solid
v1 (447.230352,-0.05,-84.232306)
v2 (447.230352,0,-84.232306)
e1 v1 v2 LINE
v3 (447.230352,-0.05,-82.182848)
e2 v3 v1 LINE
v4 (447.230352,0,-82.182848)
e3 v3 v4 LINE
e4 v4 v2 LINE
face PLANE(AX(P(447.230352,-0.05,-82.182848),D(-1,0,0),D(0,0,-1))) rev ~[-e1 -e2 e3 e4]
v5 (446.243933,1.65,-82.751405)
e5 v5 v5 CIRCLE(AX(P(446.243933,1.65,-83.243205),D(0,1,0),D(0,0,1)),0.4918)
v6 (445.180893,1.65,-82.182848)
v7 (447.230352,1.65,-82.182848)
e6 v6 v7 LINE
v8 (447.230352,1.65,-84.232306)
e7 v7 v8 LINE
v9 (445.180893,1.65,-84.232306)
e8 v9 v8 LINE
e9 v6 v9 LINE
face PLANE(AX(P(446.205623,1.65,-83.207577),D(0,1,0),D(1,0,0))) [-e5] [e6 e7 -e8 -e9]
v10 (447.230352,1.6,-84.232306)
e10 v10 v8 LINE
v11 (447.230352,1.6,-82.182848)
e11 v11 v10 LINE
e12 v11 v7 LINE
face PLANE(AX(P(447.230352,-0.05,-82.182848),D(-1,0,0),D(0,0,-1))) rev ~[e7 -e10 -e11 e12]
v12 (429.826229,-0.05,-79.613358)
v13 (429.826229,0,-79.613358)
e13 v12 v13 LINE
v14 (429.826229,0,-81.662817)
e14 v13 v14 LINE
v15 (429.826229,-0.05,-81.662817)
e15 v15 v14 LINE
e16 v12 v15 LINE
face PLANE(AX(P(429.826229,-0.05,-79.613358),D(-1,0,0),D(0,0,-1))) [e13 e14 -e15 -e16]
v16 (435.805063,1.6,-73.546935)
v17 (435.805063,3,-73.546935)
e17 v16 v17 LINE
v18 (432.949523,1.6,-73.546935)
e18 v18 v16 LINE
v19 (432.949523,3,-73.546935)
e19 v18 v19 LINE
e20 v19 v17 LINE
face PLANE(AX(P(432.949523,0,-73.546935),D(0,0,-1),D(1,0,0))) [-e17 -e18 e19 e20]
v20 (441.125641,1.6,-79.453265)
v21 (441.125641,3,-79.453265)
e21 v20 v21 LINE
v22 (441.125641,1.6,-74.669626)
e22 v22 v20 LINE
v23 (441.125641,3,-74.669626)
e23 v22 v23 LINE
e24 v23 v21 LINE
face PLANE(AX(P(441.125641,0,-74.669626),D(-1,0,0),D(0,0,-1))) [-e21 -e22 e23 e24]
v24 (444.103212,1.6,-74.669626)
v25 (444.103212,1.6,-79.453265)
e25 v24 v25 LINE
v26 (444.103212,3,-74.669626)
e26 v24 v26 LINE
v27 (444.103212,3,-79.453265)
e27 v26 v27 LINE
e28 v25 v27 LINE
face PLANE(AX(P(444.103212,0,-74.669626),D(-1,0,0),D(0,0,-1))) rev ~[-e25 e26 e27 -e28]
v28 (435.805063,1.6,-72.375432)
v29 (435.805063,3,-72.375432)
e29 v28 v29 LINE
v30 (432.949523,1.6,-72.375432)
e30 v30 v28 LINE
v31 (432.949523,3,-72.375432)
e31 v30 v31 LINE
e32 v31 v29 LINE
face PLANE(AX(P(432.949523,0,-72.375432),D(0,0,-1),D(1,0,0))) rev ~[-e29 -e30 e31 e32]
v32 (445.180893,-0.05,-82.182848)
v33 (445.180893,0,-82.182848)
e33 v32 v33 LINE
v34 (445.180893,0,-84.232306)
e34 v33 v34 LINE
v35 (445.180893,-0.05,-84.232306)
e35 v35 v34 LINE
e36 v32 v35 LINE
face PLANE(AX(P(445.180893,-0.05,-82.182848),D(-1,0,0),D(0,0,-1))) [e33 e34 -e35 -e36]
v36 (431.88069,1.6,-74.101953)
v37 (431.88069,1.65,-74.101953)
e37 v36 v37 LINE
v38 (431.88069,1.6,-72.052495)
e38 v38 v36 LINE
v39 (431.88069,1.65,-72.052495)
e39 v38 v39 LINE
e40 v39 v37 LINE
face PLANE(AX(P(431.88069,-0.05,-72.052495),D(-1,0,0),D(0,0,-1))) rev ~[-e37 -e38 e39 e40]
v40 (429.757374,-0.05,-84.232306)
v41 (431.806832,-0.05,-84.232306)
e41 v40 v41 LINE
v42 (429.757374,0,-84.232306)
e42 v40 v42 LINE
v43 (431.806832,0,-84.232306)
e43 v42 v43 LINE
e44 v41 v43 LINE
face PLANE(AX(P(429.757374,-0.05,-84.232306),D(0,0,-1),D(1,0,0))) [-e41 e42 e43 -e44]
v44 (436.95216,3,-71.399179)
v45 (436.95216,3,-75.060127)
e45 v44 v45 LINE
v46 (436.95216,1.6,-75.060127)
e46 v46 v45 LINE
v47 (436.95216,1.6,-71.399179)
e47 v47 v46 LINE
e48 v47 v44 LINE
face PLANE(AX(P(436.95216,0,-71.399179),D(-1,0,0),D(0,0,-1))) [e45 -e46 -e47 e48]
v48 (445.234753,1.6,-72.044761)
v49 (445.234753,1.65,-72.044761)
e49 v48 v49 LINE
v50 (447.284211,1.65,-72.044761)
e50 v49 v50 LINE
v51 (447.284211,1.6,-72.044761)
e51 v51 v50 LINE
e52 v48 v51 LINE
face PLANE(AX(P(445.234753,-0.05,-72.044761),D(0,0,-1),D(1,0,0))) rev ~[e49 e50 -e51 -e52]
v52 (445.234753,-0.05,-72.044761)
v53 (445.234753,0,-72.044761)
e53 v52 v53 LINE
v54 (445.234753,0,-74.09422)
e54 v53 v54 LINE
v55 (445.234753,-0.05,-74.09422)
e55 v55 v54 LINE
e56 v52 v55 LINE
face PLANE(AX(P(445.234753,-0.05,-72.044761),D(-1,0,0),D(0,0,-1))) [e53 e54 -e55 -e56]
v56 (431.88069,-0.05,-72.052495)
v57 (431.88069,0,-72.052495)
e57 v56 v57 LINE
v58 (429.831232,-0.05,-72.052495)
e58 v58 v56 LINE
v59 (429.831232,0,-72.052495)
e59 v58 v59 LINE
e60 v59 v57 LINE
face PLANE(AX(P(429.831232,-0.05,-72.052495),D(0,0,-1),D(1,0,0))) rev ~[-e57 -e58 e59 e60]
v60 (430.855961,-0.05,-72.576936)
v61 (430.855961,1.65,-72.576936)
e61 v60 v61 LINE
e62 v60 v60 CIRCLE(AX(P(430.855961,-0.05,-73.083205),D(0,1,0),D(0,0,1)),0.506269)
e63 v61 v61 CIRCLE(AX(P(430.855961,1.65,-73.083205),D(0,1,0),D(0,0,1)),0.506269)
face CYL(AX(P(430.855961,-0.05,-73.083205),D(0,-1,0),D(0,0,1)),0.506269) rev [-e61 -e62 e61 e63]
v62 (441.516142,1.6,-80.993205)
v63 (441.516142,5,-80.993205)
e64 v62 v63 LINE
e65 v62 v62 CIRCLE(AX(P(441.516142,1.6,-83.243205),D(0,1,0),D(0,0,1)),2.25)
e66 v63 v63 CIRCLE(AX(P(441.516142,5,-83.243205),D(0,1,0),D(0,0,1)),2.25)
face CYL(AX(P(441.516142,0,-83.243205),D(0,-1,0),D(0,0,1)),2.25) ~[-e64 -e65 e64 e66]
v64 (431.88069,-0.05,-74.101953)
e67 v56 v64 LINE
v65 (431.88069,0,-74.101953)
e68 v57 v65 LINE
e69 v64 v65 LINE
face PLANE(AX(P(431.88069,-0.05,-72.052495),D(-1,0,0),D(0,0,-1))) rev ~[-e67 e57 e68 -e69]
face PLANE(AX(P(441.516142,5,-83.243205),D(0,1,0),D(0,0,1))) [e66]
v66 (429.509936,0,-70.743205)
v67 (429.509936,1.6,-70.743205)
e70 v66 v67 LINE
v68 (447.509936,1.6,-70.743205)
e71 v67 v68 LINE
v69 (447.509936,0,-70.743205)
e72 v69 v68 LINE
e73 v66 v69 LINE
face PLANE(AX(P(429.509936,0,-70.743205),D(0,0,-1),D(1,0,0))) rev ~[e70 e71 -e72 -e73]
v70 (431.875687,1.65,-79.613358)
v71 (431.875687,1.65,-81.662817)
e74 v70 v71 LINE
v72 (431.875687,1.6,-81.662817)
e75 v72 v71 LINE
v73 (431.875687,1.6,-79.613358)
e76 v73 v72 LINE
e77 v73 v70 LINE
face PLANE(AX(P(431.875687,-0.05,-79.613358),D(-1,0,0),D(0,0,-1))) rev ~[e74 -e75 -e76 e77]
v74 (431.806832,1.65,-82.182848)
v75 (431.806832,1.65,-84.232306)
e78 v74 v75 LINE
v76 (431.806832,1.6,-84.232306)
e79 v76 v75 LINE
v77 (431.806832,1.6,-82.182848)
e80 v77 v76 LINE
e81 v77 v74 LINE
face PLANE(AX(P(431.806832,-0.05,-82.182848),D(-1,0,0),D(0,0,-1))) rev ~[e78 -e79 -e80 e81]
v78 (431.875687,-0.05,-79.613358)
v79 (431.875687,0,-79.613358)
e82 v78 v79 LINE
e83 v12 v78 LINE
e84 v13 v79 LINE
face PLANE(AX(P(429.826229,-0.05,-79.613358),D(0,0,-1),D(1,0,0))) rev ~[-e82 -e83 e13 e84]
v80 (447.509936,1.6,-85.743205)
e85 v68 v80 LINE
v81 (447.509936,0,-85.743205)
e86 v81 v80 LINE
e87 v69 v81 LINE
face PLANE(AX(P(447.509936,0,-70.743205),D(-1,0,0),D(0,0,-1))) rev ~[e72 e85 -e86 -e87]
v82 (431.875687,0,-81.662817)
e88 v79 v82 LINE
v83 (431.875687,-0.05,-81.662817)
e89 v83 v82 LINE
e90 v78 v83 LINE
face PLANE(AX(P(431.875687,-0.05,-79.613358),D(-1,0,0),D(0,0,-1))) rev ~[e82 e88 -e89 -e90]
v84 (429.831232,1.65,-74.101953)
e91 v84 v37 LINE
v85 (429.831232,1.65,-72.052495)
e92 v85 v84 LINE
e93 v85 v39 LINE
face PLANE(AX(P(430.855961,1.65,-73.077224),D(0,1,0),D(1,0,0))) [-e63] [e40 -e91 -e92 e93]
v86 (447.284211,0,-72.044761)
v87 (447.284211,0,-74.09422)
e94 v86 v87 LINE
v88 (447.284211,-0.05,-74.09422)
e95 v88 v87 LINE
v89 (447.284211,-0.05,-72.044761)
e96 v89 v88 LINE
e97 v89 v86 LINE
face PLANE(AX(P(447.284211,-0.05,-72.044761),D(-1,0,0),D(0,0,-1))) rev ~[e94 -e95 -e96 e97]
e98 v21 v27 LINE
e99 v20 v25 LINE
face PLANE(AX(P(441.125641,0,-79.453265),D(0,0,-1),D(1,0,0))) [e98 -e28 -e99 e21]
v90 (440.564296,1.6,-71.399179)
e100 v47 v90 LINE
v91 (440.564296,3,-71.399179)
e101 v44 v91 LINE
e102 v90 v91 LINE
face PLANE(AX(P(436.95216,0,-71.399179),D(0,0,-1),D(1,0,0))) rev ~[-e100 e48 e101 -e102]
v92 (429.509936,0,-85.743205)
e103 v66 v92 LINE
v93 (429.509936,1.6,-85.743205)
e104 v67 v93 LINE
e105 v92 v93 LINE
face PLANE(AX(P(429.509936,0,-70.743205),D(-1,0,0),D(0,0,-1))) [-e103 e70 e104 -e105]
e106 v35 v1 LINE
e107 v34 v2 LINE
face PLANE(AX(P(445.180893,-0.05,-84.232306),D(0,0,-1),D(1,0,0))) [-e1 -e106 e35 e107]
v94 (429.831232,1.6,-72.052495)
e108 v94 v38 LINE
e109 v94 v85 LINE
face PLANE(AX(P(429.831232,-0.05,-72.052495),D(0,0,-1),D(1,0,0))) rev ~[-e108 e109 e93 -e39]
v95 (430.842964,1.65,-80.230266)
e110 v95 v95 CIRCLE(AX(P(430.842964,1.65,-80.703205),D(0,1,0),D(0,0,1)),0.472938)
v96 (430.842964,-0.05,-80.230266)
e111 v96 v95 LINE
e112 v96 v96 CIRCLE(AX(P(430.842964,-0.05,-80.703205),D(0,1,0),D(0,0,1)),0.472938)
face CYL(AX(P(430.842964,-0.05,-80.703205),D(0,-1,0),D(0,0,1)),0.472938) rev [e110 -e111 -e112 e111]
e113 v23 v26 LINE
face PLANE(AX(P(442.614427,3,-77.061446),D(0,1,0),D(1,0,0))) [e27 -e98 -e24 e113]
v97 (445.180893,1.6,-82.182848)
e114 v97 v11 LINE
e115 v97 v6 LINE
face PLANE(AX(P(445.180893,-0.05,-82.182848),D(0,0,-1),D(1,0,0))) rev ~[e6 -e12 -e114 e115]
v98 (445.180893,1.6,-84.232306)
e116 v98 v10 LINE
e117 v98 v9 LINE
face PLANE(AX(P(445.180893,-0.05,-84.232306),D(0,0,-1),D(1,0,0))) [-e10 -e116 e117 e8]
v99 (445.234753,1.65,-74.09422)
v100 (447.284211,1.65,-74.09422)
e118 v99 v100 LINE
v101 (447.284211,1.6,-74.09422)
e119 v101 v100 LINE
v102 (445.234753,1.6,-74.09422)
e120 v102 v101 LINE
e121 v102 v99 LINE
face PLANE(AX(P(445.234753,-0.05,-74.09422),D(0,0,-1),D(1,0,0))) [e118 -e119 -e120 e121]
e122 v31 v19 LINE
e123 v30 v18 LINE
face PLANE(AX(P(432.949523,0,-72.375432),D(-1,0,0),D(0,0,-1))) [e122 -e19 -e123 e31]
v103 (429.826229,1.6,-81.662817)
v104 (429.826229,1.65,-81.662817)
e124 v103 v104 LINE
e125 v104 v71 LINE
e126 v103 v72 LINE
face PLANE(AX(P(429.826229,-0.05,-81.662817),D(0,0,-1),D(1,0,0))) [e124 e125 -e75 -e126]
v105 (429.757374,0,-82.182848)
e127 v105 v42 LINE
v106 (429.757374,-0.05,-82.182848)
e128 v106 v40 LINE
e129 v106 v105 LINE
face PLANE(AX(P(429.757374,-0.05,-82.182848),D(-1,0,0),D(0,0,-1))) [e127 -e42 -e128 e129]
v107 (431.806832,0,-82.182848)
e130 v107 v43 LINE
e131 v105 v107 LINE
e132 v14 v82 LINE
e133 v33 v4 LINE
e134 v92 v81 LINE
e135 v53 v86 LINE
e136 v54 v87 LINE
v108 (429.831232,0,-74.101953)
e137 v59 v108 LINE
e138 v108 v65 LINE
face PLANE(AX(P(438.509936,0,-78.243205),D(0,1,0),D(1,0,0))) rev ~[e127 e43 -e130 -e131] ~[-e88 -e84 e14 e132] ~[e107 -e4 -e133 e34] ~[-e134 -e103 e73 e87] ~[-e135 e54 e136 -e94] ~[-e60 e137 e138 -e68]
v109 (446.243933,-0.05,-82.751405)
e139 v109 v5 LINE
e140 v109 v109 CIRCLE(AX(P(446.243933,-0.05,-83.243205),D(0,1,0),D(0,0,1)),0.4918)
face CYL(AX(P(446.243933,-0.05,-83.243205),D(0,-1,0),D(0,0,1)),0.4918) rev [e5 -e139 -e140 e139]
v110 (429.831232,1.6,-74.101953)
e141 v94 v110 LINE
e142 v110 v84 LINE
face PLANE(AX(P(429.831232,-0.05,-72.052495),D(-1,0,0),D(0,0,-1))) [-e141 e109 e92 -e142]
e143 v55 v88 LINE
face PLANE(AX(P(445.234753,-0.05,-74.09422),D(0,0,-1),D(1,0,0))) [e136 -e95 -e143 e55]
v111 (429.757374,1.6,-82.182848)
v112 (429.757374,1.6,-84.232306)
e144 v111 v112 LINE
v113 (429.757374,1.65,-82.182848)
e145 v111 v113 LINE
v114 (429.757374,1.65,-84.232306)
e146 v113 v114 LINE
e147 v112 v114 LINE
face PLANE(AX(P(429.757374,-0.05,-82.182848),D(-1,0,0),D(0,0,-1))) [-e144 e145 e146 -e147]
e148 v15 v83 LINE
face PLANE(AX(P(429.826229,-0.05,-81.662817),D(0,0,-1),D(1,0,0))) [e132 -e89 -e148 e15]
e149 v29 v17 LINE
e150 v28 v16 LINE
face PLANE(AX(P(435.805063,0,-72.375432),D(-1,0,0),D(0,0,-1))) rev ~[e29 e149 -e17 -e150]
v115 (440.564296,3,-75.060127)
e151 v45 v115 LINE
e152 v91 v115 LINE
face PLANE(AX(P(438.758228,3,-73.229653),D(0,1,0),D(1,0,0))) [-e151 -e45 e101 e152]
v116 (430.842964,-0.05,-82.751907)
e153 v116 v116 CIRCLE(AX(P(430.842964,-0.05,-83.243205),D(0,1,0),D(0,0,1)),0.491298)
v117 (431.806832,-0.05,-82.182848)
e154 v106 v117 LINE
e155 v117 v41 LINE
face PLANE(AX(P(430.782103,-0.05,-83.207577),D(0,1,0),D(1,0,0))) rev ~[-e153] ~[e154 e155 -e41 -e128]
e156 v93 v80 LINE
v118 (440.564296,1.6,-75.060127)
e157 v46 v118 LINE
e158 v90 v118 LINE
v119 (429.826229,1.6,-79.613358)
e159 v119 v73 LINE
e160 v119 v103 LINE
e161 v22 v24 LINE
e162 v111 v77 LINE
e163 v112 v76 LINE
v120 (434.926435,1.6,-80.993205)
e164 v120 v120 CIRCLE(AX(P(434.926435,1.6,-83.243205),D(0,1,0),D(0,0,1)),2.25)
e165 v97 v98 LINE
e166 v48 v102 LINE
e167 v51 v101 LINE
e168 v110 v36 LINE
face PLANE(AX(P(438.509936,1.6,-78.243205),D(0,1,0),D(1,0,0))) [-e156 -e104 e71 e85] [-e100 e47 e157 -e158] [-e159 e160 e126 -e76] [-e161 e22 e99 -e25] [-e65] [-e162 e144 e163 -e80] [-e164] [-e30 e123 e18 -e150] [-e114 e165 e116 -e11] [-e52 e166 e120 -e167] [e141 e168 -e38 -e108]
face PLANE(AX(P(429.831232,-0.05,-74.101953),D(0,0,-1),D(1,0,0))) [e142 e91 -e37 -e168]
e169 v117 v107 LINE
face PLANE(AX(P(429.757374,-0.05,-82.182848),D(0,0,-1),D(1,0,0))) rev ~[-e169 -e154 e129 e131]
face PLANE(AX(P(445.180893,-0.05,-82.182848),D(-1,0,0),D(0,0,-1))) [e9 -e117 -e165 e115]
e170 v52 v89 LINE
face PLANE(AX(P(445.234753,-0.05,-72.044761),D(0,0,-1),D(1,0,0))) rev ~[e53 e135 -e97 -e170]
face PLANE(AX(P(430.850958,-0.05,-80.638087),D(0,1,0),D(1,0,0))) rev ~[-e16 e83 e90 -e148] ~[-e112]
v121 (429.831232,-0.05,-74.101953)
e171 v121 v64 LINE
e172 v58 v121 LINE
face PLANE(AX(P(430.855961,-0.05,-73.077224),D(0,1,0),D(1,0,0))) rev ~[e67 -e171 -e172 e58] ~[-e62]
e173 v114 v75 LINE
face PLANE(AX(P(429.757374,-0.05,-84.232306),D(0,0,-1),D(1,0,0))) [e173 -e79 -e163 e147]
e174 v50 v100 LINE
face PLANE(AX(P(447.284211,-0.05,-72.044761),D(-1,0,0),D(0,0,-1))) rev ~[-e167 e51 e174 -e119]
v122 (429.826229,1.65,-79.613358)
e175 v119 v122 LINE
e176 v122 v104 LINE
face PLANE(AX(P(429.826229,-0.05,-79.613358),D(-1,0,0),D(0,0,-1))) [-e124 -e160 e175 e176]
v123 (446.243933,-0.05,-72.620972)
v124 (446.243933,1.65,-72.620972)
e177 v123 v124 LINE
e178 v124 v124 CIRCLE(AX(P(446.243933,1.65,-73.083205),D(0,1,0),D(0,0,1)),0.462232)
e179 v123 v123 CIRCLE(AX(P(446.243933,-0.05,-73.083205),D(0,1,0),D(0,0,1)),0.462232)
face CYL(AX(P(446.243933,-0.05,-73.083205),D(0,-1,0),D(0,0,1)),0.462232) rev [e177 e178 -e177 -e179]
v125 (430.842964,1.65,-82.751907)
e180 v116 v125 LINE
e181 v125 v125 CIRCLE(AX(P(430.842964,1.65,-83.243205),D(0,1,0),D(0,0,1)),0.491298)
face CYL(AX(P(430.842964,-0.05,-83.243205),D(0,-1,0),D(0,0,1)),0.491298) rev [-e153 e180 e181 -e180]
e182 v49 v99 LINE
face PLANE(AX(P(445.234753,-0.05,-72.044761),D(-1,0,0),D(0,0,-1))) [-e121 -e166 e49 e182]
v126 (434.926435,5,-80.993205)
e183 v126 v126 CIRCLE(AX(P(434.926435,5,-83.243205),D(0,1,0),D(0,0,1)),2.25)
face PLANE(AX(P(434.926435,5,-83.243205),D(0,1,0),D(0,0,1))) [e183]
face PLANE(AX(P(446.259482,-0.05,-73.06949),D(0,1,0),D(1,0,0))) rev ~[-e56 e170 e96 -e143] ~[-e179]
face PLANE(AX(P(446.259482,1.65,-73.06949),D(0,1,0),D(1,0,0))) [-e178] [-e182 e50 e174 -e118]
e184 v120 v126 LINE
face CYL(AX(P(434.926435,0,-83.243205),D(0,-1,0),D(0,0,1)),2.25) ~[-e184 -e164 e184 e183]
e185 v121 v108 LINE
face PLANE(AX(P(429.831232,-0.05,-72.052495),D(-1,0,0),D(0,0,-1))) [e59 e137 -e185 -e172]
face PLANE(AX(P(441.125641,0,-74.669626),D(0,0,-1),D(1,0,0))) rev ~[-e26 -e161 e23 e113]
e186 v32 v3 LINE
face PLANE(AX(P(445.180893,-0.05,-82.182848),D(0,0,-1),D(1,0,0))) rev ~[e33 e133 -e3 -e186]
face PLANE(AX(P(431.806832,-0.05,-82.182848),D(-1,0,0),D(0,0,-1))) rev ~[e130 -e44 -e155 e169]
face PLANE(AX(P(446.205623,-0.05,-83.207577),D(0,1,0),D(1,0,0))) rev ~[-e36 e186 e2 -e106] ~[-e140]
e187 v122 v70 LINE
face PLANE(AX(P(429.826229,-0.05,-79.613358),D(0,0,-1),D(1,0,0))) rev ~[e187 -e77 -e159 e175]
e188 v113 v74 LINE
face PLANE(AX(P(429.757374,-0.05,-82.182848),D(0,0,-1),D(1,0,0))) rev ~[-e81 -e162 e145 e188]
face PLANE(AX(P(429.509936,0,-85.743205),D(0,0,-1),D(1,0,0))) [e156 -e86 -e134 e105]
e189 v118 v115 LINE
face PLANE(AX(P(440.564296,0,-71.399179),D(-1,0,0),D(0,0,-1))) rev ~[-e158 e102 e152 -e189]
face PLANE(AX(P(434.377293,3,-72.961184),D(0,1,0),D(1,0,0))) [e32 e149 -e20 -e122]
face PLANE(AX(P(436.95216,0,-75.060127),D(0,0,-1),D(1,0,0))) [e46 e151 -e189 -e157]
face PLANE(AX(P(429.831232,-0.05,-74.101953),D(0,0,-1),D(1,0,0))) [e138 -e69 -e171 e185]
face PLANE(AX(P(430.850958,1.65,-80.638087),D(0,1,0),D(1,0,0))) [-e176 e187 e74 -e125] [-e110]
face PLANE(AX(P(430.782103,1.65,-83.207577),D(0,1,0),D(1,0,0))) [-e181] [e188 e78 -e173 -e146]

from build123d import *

# Parameters (mm, degrees)
SKETCH1_W                = 18
SKETCH1_H                = 15
SKETCH1_W_2              = 2.049458383
SKETCH1_H_2              = 2.049458384
SKETCH1_W_3              = 2.855539704
SKETCH1_H_3              = 1.171503468
SKETCH1_W_4              = 3.612135694
SKETCH1_H_4              = 3.660948338
SKETCH1_H_5              = 2.049458383
SKETCH1_W_5              = 2.977571315
SKETCH1_H_6              = 4.783639162
SKETCH1_W_6              = 2.049458384
SKETCH1_R                = 2.25
BOSS_EXTRUDE1_DEPTH      = 1.6
BOSS_EXTRUDE2_DEPTH      = 1.65
BOSS_EXTRUDE2_DEPTH_BACK = 0.05
SKETCH1_3_W              = 2.049458383
SKETCH1_3_H              = 2.049458383
SKETCH1_3_R              = 0.491297767
SKETCH1_3_W_2            = 2.049458384
SKETCH1_3_R_2            = 0.472938465
SKETCH1_3_H_2            = 2.049458384
SKETCH1_3_R_3            = 0.506268972
SKETCH1_3_R_4            = 0.49179988
SKETCH1_3_R_5            = 0.462232329
SKETCH1_4_R              = 2.25
BOSS_EXTRUDE3_DEPTH      = 5
SKETCH1_5_W              = 2.977571315
SKETCH1_5_H              = 4.783639162
SKETCH1_5_W_2            = 3.612135694
SKETCH1_5_H_2            = 3.660948338
SKETCH1_5_W_3            = 2.855539704
SKETCH1_5_H_3            = 1.171503468
BOSS_EXTRUDE4_DEPTH      = 3


with BuildPart() as part:
    # Sketch1 → Boss-Extrude1 (new body)
    with BuildSketch(Plane(origin=(0, 0, 0), x_dir=(1, 0, 0), z_dir=(0, 1, 0))):
        with Locations((438.509935884, 78.243204781)):
            Rectangle(SKETCH1_W, SKETCH1_H)
        with Locations((430.855961247, 73.0772243)):
            Rectangle(SKETCH1_W_2, SKETCH1_H_2, mode=Mode.SUBTRACT)
        with Locations((434.377292894, 72.961183722)):
            Rectangle(SKETCH1_W_3, SKETCH1_H_3, mode=Mode.SUBTRACT)
        with Locations((438.758227739, 73.229653267)):
            Rectangle(SKETCH1_W_4, SKETCH1_H_4, mode=Mode.SUBTRACT)
        with Locations((446.259482022, 73.069490495)):
            Rectangle(SKETCH1_W_2, SKETCH1_H_5, mode=Mode.SUBTRACT)
        with Locations((442.614426656, 77.061445861)):
            Rectangle(SKETCH1_W_5, SKETCH1_H_6, mode=Mode.SUBTRACT)
        with Locations((430.850957935, 80.638087475)):
            Rectangle(SKETCH1_W_6, SKETCH1_H_5, mode=Mode.SUBTRACT)
        with Locations((430.782103127, 83.20757709)):
            Rectangle(SKETCH1_W_2, SKETCH1_H_5, mode=Mode.SUBTRACT)
        with Locations((434.926435145, 83.243204781)):
            Circle(SKETCH1_R, mode=Mode.SUBTRACT)
        with Locations((441.516142154, 83.243204781)):
            Circle(SKETCH1_R, mode=Mode.SUBTRACT)
        with Locations((446.205622618, 83.20757709)):
            Rectangle(SKETCH1_W_2, SKETCH1_H_5, mode=Mode.SUBTRACT)
    extrude(amount=BOSS_EXTRUDE1_DEPTH)

    # Sketch1<3> → Boss-Extrude2 (add, two sides: drawn at the far end of the back side and taken through both)
    # profile 1 of 5: a face of its own
    with BuildSketch(Plane(origin=(0, 0, 0), x_dir=(1, 0, 0), z_dir=(0, 1, 0)).offset(-BOSS_EXTRUDE2_DEPTH_BACK)):
        with Locations((430.782103127, 83.20757709)):
            Rectangle(SKETCH1_3_W, SKETCH1_3_H)
        with Locations((430.842964154, 83.243204781)):
            Circle(SKETCH1_3_R, mode=Mode.SUBTRACT)
    # profile 2 of 5: a face of its own
    with BuildSketch(Plane(origin=(0, 0, 0), x_dir=(1, 0, 0), z_dir=(0, 1, 0)).offset(-BOSS_EXTRUDE2_DEPTH_BACK)):
        with Locations((430.850957935, 80.638087475)):
            Rectangle(SKETCH1_3_W_2, SKETCH1_3_H)
        with Locations((430.842964154, 80.703204781)):
            Circle(SKETCH1_3_R_2, mode=Mode.SUBTRACT)
    # profile 3 of 5: a face of its own
    with BuildSketch(Plane(origin=(0, 0, 0), x_dir=(1, 0, 0), z_dir=(0, 1, 0)).offset(-BOSS_EXTRUDE2_DEPTH_BACK)):
        with Locations((430.855961247, 73.0772243)):
            Rectangle(SKETCH1_3_W, SKETCH1_3_H_2)
        with Locations((430.855961247, 73.083204781)):
            Circle(SKETCH1_3_R_3, mode=Mode.SUBTRACT)
    # profile 4 of 5: a face of its own
    with BuildSketch(Plane(origin=(0, 0, 0), x_dir=(1, 0, 0), z_dir=(0, 1, 0)).offset(-BOSS_EXTRUDE2_DEPTH_BACK)):
        with Locations((446.205622618, 83.20757709)):
            Rectangle(SKETCH1_3_W, SKETCH1_3_H)
        with Locations((446.243933423, 83.243204781)):
            Circle(SKETCH1_3_R_4, mode=Mode.SUBTRACT)
    # profile 5 of 5: a face of its own
    with BuildSketch(Plane(origin=(0, 0, 0), x_dir=(1, 0, 0), z_dir=(0, 1, 0)).offset(-BOSS_EXTRUDE2_DEPTH_BACK)):
        with Locations((446.259482022, 73.069490495)):
            Rectangle(SKETCH1_3_W, SKETCH1_3_H)
        with Locations((446.243933423, 73.083204781)):
            Circle(SKETCH1_3_R_5, mode=Mode.SUBTRACT)
    extrude(amount=BOSS_EXTRUDE2_DEPTH + BOSS_EXTRUDE2_DEPTH_BACK)

    # Sketch1<4> → Boss-Extrude3 (add)
    with BuildSketch(Plane(origin=(0, 0, 0), x_dir=(1, 0, 0), z_dir=(0, 1, 0))):
        with Locations((434.926435145, 83.243204781)):
            Circle(SKETCH1_4_R)
        with Locations((441.516142154, 83.243204781)):
            Circle(SKETCH1_4_R)
    extrude(amount=BOSS_EXTRUDE3_DEPTH)

    # Sketch1<5> → Boss-Extrude4 (add)
    with BuildSketch(Plane(origin=(0, 0, 0), x_dir=(1, 0, 0), z_dir=(0, 1, 0))):
        with Locations((442.614426656, 77.061445861)):
            Rectangle(SKETCH1_5_W, SKETCH1_5_H)
        with Locations((438.758227739, 73.229653267)):
            Rectangle(SKETCH1_5_W_2, SKETCH1_5_H_2)
        with Locations((434.377292894, 72.961183722)):
            Rectangle(SKETCH1_5_W_3, SKETCH1_5_H_3)
    extrude(amount=BOSS_EXTRUDE4_DEPTH)


solid = part.part
